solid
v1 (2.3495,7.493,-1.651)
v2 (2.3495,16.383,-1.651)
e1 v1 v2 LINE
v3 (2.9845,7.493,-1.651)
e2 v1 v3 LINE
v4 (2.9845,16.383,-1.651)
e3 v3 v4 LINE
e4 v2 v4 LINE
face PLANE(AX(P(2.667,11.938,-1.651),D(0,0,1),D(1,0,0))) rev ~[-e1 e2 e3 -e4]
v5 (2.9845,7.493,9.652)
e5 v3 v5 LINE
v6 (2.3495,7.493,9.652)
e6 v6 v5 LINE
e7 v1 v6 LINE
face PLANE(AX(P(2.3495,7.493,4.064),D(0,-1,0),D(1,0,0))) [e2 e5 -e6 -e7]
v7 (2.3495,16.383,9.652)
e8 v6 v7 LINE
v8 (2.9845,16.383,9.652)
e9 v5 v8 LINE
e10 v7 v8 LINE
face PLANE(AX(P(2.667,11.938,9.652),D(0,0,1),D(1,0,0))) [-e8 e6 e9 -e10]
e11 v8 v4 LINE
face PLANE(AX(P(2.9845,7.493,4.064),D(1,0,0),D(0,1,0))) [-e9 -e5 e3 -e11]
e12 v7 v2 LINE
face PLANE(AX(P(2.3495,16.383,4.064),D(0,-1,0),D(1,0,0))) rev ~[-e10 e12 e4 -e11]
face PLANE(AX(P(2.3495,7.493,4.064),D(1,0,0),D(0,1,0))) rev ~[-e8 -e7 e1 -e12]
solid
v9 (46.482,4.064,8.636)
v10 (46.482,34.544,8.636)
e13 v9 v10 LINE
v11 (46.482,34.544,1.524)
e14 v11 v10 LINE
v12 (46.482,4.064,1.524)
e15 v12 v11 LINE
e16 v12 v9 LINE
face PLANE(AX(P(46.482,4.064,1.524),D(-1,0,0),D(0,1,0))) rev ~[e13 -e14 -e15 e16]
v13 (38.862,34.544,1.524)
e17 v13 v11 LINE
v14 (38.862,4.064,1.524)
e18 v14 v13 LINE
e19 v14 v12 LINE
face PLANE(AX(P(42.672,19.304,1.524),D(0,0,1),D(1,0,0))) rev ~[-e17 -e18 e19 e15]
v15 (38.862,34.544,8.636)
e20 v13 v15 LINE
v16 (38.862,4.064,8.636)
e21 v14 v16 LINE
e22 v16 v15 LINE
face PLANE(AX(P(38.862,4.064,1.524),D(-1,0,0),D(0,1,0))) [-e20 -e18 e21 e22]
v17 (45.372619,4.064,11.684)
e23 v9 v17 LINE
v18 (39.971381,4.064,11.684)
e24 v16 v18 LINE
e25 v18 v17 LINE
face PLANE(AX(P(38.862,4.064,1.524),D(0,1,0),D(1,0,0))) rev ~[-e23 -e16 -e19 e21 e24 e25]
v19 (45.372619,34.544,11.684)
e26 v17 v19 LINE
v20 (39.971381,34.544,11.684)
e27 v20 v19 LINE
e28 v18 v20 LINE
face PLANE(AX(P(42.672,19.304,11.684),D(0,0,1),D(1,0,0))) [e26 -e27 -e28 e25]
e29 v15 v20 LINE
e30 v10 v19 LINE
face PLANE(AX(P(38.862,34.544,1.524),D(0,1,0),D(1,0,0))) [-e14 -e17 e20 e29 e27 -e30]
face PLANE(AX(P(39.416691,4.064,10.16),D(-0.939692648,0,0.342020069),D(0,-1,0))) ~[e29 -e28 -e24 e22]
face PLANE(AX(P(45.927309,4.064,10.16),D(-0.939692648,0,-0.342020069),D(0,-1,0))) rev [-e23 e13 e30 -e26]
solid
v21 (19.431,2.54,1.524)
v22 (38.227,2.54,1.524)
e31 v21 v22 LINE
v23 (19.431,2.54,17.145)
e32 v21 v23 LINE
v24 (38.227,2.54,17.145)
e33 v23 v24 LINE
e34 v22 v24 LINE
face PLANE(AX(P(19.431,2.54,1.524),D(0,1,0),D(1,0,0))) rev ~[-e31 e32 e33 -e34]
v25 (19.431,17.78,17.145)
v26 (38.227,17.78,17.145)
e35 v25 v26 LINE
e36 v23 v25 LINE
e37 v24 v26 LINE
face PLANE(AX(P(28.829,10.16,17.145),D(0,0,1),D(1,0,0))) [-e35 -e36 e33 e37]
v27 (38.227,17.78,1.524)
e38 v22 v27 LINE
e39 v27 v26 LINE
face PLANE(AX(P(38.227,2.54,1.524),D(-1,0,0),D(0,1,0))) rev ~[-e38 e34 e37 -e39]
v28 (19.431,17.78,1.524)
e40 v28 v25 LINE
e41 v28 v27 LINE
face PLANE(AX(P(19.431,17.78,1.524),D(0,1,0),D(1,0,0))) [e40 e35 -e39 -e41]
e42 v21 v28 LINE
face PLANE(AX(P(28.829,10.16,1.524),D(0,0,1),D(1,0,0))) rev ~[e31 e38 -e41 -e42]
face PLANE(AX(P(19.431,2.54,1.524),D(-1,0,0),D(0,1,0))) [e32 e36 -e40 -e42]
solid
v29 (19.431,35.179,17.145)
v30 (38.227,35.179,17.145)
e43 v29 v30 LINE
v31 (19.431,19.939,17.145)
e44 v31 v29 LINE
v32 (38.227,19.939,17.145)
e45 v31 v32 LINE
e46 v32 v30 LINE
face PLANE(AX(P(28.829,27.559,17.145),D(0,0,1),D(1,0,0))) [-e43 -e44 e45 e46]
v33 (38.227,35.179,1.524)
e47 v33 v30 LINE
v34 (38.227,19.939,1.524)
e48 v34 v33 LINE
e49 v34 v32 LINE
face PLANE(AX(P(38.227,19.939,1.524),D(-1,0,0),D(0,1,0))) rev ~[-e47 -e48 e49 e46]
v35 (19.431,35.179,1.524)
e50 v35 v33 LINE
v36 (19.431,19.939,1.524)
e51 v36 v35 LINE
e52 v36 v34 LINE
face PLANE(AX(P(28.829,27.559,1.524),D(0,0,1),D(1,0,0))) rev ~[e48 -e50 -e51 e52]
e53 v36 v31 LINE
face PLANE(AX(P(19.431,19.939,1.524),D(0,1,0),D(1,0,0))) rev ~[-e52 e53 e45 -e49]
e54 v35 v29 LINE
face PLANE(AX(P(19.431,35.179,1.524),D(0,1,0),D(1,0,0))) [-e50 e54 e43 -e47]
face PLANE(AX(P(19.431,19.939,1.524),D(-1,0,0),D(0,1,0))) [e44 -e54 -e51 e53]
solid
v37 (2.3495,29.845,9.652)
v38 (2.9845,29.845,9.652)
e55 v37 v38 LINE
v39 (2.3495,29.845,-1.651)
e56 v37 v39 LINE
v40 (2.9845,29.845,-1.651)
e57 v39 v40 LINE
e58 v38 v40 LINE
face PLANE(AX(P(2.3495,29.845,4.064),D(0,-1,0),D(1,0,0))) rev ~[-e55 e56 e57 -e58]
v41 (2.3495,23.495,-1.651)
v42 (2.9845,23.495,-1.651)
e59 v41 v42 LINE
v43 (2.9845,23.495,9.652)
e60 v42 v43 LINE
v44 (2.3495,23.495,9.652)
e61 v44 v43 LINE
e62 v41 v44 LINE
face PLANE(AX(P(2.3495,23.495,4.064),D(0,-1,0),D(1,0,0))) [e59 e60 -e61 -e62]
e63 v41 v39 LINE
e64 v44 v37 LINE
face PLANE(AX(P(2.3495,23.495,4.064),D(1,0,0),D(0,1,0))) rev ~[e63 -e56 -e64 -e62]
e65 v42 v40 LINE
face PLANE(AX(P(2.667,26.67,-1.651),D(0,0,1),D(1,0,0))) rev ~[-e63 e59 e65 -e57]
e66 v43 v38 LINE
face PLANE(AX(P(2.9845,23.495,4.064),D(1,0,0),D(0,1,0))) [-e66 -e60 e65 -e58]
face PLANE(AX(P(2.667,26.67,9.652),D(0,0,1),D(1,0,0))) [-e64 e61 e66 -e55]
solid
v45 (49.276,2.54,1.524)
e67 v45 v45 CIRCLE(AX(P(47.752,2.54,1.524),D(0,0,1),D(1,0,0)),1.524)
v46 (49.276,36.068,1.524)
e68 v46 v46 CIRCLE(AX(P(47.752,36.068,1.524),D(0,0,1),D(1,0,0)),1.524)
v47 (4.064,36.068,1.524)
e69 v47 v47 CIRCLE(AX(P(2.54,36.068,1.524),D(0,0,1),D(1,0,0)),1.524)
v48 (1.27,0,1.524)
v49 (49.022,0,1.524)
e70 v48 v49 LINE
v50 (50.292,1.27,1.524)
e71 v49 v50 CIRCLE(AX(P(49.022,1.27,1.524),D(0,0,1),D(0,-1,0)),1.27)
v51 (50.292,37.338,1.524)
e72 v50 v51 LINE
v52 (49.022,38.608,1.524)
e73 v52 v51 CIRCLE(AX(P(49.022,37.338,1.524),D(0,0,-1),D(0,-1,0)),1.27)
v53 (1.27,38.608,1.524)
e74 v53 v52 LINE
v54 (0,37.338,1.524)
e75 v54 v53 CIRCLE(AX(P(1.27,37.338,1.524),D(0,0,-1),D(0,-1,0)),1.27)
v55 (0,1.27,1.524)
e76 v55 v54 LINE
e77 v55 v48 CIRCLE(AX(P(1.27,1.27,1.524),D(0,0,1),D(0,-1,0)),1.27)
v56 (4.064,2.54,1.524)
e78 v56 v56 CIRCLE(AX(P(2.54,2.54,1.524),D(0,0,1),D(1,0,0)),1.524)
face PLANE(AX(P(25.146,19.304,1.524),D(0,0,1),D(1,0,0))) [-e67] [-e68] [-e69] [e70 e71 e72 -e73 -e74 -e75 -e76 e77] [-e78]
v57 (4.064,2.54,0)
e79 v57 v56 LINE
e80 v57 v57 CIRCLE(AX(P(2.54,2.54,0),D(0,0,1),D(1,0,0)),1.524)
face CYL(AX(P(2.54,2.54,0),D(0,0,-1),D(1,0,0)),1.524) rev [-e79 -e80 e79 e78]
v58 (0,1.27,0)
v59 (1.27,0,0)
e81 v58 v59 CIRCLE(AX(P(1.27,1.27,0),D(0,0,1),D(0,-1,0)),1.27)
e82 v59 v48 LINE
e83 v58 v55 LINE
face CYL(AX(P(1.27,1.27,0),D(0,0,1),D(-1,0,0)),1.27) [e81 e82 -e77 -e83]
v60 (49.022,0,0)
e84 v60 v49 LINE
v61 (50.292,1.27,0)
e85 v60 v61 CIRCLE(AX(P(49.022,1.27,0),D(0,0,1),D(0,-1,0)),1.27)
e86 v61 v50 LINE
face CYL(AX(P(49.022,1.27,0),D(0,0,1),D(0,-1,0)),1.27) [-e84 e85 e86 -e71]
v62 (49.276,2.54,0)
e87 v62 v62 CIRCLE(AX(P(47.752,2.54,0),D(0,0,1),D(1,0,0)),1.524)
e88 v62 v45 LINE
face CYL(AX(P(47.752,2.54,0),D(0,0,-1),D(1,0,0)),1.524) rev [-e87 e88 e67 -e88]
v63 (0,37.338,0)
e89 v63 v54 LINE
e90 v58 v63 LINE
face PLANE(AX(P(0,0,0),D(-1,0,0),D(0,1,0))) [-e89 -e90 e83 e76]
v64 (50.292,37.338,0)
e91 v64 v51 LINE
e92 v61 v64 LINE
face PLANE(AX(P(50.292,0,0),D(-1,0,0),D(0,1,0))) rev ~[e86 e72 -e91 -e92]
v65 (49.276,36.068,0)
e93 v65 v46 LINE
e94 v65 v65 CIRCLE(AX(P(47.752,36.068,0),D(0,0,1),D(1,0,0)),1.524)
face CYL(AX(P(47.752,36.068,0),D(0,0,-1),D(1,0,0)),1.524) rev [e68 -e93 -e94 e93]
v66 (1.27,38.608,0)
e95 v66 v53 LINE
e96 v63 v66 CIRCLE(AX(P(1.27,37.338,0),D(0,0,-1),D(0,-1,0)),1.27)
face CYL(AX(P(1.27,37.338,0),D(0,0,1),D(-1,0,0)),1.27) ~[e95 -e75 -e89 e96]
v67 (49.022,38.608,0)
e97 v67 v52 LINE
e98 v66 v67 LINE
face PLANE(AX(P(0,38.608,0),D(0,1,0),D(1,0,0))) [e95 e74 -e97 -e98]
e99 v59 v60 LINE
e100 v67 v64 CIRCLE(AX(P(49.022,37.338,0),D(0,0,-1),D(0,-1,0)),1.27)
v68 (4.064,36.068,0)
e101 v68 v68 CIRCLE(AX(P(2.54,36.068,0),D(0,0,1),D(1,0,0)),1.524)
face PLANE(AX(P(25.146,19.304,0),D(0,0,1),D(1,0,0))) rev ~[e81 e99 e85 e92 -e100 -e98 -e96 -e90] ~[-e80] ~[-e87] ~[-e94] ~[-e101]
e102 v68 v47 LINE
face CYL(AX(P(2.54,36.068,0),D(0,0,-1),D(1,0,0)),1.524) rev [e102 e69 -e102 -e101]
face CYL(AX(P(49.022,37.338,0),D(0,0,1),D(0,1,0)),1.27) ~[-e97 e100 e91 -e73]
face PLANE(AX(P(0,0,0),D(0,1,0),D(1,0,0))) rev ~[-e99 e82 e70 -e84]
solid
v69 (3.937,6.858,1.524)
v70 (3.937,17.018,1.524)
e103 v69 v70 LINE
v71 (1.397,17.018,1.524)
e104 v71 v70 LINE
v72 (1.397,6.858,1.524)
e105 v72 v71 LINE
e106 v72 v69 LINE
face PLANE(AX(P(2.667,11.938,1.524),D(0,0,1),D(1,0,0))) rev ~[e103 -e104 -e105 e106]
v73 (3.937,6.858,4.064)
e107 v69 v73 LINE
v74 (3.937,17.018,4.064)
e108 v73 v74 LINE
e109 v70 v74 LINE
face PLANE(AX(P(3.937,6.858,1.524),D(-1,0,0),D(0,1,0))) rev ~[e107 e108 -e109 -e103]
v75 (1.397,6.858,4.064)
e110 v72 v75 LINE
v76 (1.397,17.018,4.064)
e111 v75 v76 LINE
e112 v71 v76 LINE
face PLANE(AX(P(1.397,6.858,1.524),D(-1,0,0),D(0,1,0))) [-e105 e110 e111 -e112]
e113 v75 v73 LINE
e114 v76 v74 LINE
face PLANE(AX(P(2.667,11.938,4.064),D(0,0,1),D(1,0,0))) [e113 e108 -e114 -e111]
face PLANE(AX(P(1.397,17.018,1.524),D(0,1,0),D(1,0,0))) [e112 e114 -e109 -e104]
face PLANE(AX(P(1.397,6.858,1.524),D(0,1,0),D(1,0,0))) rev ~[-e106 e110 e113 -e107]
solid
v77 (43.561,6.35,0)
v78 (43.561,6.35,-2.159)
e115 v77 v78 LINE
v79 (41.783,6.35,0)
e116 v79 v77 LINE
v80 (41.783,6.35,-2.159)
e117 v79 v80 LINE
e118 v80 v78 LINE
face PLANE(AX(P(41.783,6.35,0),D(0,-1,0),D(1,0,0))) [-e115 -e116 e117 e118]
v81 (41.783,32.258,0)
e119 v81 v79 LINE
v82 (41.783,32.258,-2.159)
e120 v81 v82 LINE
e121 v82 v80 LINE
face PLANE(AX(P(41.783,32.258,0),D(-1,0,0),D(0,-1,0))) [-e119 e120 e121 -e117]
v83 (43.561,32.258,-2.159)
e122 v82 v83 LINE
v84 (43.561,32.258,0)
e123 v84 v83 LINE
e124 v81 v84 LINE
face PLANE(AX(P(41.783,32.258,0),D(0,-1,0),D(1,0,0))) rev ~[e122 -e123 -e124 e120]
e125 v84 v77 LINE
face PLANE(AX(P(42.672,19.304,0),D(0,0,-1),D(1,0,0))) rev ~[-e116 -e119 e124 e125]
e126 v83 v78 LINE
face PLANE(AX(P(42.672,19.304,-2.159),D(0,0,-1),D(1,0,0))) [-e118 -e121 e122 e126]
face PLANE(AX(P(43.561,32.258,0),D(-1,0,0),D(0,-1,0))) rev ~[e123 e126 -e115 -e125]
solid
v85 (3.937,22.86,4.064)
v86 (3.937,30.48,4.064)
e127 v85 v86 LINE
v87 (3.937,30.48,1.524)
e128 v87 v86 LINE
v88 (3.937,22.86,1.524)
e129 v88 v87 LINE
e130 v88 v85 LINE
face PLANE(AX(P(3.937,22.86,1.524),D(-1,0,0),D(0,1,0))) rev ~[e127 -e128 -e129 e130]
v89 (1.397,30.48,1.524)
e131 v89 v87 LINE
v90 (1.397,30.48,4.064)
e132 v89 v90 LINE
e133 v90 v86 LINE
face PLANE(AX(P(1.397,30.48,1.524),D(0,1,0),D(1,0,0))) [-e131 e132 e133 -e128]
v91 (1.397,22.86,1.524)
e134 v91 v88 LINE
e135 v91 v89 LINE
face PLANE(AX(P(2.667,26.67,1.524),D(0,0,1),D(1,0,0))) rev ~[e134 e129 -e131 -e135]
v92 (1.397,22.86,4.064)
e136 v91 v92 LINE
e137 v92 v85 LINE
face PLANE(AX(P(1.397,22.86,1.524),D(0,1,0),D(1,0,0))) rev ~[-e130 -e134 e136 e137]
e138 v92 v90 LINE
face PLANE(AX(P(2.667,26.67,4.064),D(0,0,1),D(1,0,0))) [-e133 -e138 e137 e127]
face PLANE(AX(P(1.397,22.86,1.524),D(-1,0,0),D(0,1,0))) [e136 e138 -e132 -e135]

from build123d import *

# Parameters (mm, degrees)
F0_W          = 50.292
F0_H          = 38.608
F0_R          = 1.524
F1_DEPTH      = 1.524
F2_R          = 1.27
F3_W          = 7.62
F3_H          = 30.48
F4_DEPTH      = 10.16
F5_SIZE2      = 1.109381
F5_SIZE       = 3.048
F3_W_2        = 18.796
F3_H_2        = 15.24
F6_DEPTH      = 15.621
F3_W_3        = 2.54
F3_H_3        = 7.62
F3_H_4        = 10.16
F7_DEPTH      = 2.54
F8_W          = 0.635
F8_H          = 6.35
F8_H_2        = 8.89
F9_DEPTH      = 5.588
F9_DEPTH_BACK = 5.715
F10_W         = 1.778
F10_H         = 25.908
F11_DEPTH     = 2.159


with BuildPart() as f1:
    # F0 (on Top) → F1 (new body)
    with BuildSketch(Plane.XY):
        with Locations((25.146, 19.304)):
            Rectangle(F0_W, F0_H)
        with Locations((2.54, 2.54)):
            Circle(F0_R, mode=Mode.SUBTRACT)
        with Locations((47.752, 2.54)):
            Circle(F0_R, mode=Mode.SUBTRACT)
        with Locations((2.54, 36.068)):
            Circle(F0_R, mode=Mode.SUBTRACT)
        with Locations((47.752, 36.068)):
            Circle(F0_R, mode=Mode.SUBTRACT)
    extrude(amount=F1_DEPTH)

    # F2
    f2_edges = [f1.edges().sort_by_distance(p)[0] for p in [
        (50.292, 38.608, 0.762),
        (0, 38.608, 0.762),
        (0, 0, 0.762),
        (50.292, 0, 0.762),
    ]]
    fillet(f2_edges, radius=F2_R)


with BuildPart() as f4:
    # F3 (on face) → F4 (new body)
    with BuildSketch(Plane.XY.offset(1.524)):
        with Locations((42.672, 19.304)):
            Rectangle(F3_W, F3_H)
    extrude(amount=F4_DEPTH)

    # F5
    f5_edges = [f4.edges().sort_by_distance(p)[0] for p in [
        (46.482, 19.304, 11.684),
        (38.862, 19.304, 11.684),
    ]]
    chamfer(f5_edges, length=F5_SIZE, length2=F5_SIZE2)


with BuildPart() as f6:
    # F3 (on face) → F6 (new body)
    with BuildSketch(Plane.XY.offset(1.524)):
        with Locations((28.829, 27.559)):
            Rectangle(F3_W_2, F3_H_2)
        with Locations((28.829, 10.16)):
            Rectangle(F3_W_2, F3_H_2)
    extrude(amount=F6_DEPTH)


with BuildPart() as f7:
    # F3 (on face) → F7 (new body)
    with BuildSketch(Plane.XY.offset(1.524)):
        with Locations((2.667, 26.67)):
            Rectangle(F3_W_3, F3_H_3)
        with Locations((2.667, 11.938)):
            Rectangle(F3_W_3, F3_H_4)
    extrude(amount=F7_DEPTH)


with BuildPart() as f9:
    # F8 (on face) → F9 (new body, two sides)
    with BuildSketch(Plane.XY.offset(4.064)) as f9_sk:
        with Locations((2.667, 26.67)):
            Rectangle(F8_W, F8_H)
        with Locations((2.667, 11.938)):
            Rectangle(F8_W, F8_H_2)
    extrude(amount=F9_DEPTH)
    extrude(f9_sk.sketch, amount=-F9_DEPTH_BACK)


with BuildPart() as f11:
    # F10 (on face) → F11 (new body)
    with BuildSketch(Plane(origin=(0, 0, 0), x_dir=(1, 0, 0), z_dir=(0, 0, -1))):
        with Locations((42.672, -19.304)):
            Rectangle(F10_W, F10_H)
    extrude(amount=F11_DEPTH)


solid = Compound([f1.part, f4.part, f6.part, f7.part, f9.part, f11.part])
